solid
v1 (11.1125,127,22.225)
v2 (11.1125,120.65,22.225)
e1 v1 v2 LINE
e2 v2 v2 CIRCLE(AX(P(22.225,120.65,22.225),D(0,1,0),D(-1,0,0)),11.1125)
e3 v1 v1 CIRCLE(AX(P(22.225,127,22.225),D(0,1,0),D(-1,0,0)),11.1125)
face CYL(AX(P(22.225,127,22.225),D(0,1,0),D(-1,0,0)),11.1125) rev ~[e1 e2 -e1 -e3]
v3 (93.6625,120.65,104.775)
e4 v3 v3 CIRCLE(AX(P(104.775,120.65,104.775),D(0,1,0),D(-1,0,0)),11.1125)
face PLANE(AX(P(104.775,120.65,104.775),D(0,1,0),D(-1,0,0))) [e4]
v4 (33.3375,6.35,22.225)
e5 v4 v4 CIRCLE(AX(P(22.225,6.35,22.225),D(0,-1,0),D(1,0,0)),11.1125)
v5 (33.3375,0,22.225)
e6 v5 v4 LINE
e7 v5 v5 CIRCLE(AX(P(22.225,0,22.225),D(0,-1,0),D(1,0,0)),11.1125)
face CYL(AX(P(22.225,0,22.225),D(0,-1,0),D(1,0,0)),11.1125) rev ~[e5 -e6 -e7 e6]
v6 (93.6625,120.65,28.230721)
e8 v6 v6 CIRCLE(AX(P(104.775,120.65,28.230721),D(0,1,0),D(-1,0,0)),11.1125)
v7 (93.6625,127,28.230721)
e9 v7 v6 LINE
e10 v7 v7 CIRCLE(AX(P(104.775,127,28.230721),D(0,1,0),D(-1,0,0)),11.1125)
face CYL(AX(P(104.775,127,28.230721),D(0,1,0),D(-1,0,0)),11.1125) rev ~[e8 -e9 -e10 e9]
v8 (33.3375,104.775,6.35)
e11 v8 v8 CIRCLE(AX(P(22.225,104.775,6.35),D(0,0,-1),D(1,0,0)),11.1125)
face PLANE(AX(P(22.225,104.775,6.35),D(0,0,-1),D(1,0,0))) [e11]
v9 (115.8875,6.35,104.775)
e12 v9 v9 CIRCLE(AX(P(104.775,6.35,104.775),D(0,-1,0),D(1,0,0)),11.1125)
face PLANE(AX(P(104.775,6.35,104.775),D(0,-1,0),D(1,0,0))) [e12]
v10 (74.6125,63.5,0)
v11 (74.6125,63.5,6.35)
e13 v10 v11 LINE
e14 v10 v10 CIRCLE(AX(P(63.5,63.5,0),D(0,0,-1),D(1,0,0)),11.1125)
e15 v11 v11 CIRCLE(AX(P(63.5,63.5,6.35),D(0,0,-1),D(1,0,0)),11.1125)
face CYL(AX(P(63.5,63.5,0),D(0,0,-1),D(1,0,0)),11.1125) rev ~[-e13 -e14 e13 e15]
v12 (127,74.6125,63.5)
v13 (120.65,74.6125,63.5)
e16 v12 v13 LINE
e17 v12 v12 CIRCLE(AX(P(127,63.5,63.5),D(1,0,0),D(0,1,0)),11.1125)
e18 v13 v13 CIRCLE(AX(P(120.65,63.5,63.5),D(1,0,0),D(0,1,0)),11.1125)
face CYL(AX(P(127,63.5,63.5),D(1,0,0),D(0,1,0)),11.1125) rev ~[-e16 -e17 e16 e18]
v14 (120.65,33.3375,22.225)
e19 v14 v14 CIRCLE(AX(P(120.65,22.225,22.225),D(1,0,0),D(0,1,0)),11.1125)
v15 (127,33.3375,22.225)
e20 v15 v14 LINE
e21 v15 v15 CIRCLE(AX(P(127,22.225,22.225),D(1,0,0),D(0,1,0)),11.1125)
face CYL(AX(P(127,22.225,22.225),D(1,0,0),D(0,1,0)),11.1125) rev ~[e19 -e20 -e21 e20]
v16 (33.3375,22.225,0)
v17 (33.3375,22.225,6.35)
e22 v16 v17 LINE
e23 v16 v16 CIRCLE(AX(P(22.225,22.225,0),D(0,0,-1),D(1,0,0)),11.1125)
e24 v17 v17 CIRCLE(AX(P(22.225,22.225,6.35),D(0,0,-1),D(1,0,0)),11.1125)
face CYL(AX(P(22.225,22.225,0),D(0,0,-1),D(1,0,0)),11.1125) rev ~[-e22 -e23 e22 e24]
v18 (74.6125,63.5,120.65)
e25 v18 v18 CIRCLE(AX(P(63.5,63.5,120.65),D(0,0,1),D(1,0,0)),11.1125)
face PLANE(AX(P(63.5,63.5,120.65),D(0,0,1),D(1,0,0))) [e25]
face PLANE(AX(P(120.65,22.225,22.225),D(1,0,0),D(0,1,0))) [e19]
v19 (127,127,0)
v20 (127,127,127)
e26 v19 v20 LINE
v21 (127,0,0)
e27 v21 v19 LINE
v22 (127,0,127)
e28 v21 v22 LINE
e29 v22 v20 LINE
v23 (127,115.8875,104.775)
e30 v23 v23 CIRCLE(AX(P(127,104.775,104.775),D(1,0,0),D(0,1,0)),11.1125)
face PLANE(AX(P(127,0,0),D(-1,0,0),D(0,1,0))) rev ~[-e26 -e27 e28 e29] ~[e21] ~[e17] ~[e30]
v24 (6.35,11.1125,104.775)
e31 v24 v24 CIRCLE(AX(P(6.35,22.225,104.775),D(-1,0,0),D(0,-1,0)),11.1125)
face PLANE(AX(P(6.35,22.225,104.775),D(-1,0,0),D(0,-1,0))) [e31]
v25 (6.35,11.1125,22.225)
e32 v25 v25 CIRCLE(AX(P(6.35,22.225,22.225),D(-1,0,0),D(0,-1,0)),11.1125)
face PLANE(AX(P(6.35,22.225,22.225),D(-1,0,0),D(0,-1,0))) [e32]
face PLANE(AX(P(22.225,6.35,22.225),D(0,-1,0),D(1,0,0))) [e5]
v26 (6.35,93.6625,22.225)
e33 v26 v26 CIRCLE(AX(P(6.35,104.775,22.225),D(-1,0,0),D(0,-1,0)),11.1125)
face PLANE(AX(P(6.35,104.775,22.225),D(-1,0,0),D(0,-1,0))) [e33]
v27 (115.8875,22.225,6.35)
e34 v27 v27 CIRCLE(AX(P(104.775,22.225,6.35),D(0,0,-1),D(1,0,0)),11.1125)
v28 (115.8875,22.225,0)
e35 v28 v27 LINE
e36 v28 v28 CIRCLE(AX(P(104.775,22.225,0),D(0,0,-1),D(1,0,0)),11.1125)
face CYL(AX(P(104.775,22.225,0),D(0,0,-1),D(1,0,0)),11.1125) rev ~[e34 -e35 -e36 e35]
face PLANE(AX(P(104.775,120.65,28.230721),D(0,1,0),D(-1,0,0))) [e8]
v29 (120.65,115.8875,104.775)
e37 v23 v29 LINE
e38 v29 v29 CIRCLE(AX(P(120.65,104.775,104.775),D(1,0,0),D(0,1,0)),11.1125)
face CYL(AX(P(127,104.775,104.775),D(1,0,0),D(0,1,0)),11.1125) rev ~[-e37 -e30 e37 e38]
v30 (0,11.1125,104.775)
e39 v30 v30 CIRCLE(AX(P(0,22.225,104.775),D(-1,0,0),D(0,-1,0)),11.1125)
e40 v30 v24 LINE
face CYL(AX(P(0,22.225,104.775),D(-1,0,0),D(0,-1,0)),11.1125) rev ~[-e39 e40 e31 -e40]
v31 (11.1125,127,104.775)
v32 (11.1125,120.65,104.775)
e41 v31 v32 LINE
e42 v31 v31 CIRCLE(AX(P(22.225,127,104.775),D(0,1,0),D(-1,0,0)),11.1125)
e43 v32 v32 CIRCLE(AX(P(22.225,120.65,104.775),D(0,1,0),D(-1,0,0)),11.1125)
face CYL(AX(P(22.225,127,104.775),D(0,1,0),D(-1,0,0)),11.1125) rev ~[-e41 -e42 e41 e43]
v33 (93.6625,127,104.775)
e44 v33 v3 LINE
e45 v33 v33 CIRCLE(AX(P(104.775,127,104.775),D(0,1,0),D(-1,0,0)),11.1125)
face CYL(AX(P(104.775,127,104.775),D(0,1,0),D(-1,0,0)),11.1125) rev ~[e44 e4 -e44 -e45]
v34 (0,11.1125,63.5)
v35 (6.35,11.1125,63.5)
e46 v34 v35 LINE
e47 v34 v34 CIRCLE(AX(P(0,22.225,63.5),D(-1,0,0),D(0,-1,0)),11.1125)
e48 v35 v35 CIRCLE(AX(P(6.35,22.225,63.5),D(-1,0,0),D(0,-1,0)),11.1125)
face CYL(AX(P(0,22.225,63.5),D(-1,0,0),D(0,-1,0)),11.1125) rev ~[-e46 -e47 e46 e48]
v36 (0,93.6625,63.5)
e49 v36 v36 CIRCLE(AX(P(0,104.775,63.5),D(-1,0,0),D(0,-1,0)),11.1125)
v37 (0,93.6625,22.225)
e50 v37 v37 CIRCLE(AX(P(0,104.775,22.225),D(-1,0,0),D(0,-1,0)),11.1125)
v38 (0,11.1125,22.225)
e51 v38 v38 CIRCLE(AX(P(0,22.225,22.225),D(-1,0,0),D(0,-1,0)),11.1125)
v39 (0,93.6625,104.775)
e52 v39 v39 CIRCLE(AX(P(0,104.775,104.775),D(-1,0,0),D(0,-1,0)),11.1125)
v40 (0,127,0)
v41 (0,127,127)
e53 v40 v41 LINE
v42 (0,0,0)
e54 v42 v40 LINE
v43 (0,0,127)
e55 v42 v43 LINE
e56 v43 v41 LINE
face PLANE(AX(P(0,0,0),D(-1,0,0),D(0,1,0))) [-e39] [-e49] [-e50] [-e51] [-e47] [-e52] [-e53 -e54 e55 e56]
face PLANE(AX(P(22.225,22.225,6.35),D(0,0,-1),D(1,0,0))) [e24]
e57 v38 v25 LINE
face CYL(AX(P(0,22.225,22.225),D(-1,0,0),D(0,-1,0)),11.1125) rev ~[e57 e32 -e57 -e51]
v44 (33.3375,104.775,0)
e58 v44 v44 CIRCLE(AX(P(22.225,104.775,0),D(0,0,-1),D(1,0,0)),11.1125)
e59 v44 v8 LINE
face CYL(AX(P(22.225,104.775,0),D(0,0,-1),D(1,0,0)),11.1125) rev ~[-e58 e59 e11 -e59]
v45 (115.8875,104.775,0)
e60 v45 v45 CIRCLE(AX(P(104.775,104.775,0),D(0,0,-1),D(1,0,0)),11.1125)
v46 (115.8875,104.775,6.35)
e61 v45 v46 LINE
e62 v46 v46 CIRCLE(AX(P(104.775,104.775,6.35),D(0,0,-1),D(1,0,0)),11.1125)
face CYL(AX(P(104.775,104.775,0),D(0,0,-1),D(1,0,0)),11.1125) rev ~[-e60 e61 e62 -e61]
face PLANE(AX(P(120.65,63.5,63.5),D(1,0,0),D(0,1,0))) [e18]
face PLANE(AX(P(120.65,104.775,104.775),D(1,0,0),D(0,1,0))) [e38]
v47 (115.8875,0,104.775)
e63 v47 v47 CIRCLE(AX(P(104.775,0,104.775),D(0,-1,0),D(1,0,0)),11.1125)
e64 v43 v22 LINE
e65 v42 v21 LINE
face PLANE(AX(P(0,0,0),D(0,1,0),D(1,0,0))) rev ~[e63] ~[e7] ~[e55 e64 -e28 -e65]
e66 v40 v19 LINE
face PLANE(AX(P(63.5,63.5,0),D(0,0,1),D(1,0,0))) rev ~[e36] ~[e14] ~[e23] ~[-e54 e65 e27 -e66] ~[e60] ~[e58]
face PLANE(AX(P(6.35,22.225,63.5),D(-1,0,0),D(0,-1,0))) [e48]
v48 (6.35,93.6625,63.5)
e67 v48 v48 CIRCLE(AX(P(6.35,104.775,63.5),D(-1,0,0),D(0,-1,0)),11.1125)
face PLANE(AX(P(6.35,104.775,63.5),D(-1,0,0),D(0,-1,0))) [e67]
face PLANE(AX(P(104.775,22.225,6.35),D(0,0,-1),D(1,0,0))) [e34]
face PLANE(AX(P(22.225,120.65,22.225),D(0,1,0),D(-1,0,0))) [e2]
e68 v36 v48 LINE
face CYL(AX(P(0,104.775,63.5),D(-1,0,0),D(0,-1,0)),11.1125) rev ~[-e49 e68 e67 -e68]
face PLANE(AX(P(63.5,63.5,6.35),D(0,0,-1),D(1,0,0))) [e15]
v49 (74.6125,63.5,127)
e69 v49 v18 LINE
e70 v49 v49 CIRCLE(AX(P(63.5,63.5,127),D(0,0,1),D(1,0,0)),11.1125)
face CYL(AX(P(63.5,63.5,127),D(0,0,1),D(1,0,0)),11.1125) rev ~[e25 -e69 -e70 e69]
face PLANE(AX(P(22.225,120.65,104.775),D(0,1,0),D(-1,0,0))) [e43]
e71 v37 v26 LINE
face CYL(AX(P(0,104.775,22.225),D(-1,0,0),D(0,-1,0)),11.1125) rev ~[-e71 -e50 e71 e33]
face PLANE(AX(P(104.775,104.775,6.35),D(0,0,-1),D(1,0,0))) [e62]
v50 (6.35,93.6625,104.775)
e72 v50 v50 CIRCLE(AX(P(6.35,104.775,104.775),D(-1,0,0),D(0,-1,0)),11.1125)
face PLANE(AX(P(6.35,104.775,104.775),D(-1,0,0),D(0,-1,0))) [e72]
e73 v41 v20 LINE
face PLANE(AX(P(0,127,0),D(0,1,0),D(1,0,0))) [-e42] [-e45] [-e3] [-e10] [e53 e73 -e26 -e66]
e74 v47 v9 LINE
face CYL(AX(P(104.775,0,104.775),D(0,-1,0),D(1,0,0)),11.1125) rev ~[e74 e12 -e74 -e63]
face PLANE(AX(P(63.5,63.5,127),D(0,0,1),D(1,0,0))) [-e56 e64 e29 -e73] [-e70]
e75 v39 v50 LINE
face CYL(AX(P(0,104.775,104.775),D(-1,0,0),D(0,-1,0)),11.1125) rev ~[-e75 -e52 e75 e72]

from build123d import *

# Parameters (mm, degrees)
F0_W      = 127
F0_H      = 127
F1_DEPTH  = 127
F2_R      = 11.1125
F3_DEPTH  = 6.35
F4_R      = 11.1125
F5_DEPTH  = 6.35
F6_R      = 11.1125
F7_DEPTH  = 6.35
F8_R      = 11.1125
F9_DEPTH  = 6.35
F10_R     = 11.1125
F11_DEPTH = 6.35
F12_R     = 11.1125
F13_DEPTH = 6.35


with BuildPart() as f1:
    # F0 (on Top) → F1 (new body)
    with BuildSketch(Plane.XY):
        with Locations((63.5, 63.5)):
            Rectangle(F0_W, F0_H)
    extrude(amount=F1_DEPTH)

    # F2 (on face) → F3 (cut)
    with BuildSketch(Plane.XY.offset(127)):
        with Locations((63.5, 63.5)):
            Circle(F2_R)
    extrude(amount=-F3_DEPTH, mode=Mode.SUBTRACT)

    # F4 (on face) → F5 (cut)
    with BuildSketch(Plane.XZ):
        with Locations((22.225, 22.225)):
            Circle(F4_R)
        with Locations((104.775, 104.775)):
            Circle(F4_R)
    extrude(amount=-F5_DEPTH, mode=Mode.SUBTRACT)

    # F6 (on face) → F7 (cut)
    with BuildSketch(Plane.YZ.offset(127)):
        with Locations((22.225, 22.225)):
            Circle(F6_R)
        with Locations((63.5, 63.5)):
            Circle(F6_R)
        with Locations((104.775, 104.775)):
            Circle(F6_R)
    extrude(amount=-F7_DEPTH, mode=Mode.SUBTRACT)

    # F8 (on face) → F9 (cut)
    with BuildSketch(Plane(origin=(0, 127, 0), x_dir=(-1, 0, 0), z_dir=(0, 1, 0))):
        with Locations((-22.225, 104.775)):
            Circle(F8_R)
        with Locations((-104.775, 104.775)):
            Circle(F8_R)
        with Locations((-104.775, 28.230721)):
            Circle(F8_R)
        with Locations((-22.225, 22.225)):
            Circle(F8_R)
    extrude(amount=-F9_DEPTH, mode=Mode.SUBTRACT)

    # F10 (on face) → F11 (cut)
    with BuildSketch(Plane(origin=(0, 0, 0), x_dir=(1, 0, 0), z_dir=(0, 0, -1))):
        with Locations((22.225, -104.775)):
            Circle(F10_R)
        with Locations((63.5, -63.5)):
            Circle(F10_R)
        with Locations((104.775, -22.225)):
            Circle(F10_R)
        with Locations((22.225, -22.225)):
            Circle(F10_R)
        with Locations((104.775, -104.775)):
            Circle(F10_R)
    extrude(amount=-F11_DEPTH, mode=Mode.SUBTRACT)

    # F12 (on face) → F13 (cut)
    with BuildSketch(Plane(origin=(0, 0, 0), x_dir=(0, -1, 0), z_dir=(-1, 0, 0))):
        with Locations((-104.775, 104.775)):
            Circle(F12_R)
        with Locations((-104.775, 63.5)):
            Circle(F12_R)
        with Locations((-104.775, 22.225)):
            Circle(F12_R)
        with Locations((-22.225, 104.775)):
            Circle(F12_R)
        with Locations((-22.225, 63.5)):
            Circle(F12_R)
        with Locations((-22.225, 22.225)):
            Circle(F12_R)
    extrude(amount=-F13_DEPTH, mode=Mode.SUBTRACT)


solid = f1.part
